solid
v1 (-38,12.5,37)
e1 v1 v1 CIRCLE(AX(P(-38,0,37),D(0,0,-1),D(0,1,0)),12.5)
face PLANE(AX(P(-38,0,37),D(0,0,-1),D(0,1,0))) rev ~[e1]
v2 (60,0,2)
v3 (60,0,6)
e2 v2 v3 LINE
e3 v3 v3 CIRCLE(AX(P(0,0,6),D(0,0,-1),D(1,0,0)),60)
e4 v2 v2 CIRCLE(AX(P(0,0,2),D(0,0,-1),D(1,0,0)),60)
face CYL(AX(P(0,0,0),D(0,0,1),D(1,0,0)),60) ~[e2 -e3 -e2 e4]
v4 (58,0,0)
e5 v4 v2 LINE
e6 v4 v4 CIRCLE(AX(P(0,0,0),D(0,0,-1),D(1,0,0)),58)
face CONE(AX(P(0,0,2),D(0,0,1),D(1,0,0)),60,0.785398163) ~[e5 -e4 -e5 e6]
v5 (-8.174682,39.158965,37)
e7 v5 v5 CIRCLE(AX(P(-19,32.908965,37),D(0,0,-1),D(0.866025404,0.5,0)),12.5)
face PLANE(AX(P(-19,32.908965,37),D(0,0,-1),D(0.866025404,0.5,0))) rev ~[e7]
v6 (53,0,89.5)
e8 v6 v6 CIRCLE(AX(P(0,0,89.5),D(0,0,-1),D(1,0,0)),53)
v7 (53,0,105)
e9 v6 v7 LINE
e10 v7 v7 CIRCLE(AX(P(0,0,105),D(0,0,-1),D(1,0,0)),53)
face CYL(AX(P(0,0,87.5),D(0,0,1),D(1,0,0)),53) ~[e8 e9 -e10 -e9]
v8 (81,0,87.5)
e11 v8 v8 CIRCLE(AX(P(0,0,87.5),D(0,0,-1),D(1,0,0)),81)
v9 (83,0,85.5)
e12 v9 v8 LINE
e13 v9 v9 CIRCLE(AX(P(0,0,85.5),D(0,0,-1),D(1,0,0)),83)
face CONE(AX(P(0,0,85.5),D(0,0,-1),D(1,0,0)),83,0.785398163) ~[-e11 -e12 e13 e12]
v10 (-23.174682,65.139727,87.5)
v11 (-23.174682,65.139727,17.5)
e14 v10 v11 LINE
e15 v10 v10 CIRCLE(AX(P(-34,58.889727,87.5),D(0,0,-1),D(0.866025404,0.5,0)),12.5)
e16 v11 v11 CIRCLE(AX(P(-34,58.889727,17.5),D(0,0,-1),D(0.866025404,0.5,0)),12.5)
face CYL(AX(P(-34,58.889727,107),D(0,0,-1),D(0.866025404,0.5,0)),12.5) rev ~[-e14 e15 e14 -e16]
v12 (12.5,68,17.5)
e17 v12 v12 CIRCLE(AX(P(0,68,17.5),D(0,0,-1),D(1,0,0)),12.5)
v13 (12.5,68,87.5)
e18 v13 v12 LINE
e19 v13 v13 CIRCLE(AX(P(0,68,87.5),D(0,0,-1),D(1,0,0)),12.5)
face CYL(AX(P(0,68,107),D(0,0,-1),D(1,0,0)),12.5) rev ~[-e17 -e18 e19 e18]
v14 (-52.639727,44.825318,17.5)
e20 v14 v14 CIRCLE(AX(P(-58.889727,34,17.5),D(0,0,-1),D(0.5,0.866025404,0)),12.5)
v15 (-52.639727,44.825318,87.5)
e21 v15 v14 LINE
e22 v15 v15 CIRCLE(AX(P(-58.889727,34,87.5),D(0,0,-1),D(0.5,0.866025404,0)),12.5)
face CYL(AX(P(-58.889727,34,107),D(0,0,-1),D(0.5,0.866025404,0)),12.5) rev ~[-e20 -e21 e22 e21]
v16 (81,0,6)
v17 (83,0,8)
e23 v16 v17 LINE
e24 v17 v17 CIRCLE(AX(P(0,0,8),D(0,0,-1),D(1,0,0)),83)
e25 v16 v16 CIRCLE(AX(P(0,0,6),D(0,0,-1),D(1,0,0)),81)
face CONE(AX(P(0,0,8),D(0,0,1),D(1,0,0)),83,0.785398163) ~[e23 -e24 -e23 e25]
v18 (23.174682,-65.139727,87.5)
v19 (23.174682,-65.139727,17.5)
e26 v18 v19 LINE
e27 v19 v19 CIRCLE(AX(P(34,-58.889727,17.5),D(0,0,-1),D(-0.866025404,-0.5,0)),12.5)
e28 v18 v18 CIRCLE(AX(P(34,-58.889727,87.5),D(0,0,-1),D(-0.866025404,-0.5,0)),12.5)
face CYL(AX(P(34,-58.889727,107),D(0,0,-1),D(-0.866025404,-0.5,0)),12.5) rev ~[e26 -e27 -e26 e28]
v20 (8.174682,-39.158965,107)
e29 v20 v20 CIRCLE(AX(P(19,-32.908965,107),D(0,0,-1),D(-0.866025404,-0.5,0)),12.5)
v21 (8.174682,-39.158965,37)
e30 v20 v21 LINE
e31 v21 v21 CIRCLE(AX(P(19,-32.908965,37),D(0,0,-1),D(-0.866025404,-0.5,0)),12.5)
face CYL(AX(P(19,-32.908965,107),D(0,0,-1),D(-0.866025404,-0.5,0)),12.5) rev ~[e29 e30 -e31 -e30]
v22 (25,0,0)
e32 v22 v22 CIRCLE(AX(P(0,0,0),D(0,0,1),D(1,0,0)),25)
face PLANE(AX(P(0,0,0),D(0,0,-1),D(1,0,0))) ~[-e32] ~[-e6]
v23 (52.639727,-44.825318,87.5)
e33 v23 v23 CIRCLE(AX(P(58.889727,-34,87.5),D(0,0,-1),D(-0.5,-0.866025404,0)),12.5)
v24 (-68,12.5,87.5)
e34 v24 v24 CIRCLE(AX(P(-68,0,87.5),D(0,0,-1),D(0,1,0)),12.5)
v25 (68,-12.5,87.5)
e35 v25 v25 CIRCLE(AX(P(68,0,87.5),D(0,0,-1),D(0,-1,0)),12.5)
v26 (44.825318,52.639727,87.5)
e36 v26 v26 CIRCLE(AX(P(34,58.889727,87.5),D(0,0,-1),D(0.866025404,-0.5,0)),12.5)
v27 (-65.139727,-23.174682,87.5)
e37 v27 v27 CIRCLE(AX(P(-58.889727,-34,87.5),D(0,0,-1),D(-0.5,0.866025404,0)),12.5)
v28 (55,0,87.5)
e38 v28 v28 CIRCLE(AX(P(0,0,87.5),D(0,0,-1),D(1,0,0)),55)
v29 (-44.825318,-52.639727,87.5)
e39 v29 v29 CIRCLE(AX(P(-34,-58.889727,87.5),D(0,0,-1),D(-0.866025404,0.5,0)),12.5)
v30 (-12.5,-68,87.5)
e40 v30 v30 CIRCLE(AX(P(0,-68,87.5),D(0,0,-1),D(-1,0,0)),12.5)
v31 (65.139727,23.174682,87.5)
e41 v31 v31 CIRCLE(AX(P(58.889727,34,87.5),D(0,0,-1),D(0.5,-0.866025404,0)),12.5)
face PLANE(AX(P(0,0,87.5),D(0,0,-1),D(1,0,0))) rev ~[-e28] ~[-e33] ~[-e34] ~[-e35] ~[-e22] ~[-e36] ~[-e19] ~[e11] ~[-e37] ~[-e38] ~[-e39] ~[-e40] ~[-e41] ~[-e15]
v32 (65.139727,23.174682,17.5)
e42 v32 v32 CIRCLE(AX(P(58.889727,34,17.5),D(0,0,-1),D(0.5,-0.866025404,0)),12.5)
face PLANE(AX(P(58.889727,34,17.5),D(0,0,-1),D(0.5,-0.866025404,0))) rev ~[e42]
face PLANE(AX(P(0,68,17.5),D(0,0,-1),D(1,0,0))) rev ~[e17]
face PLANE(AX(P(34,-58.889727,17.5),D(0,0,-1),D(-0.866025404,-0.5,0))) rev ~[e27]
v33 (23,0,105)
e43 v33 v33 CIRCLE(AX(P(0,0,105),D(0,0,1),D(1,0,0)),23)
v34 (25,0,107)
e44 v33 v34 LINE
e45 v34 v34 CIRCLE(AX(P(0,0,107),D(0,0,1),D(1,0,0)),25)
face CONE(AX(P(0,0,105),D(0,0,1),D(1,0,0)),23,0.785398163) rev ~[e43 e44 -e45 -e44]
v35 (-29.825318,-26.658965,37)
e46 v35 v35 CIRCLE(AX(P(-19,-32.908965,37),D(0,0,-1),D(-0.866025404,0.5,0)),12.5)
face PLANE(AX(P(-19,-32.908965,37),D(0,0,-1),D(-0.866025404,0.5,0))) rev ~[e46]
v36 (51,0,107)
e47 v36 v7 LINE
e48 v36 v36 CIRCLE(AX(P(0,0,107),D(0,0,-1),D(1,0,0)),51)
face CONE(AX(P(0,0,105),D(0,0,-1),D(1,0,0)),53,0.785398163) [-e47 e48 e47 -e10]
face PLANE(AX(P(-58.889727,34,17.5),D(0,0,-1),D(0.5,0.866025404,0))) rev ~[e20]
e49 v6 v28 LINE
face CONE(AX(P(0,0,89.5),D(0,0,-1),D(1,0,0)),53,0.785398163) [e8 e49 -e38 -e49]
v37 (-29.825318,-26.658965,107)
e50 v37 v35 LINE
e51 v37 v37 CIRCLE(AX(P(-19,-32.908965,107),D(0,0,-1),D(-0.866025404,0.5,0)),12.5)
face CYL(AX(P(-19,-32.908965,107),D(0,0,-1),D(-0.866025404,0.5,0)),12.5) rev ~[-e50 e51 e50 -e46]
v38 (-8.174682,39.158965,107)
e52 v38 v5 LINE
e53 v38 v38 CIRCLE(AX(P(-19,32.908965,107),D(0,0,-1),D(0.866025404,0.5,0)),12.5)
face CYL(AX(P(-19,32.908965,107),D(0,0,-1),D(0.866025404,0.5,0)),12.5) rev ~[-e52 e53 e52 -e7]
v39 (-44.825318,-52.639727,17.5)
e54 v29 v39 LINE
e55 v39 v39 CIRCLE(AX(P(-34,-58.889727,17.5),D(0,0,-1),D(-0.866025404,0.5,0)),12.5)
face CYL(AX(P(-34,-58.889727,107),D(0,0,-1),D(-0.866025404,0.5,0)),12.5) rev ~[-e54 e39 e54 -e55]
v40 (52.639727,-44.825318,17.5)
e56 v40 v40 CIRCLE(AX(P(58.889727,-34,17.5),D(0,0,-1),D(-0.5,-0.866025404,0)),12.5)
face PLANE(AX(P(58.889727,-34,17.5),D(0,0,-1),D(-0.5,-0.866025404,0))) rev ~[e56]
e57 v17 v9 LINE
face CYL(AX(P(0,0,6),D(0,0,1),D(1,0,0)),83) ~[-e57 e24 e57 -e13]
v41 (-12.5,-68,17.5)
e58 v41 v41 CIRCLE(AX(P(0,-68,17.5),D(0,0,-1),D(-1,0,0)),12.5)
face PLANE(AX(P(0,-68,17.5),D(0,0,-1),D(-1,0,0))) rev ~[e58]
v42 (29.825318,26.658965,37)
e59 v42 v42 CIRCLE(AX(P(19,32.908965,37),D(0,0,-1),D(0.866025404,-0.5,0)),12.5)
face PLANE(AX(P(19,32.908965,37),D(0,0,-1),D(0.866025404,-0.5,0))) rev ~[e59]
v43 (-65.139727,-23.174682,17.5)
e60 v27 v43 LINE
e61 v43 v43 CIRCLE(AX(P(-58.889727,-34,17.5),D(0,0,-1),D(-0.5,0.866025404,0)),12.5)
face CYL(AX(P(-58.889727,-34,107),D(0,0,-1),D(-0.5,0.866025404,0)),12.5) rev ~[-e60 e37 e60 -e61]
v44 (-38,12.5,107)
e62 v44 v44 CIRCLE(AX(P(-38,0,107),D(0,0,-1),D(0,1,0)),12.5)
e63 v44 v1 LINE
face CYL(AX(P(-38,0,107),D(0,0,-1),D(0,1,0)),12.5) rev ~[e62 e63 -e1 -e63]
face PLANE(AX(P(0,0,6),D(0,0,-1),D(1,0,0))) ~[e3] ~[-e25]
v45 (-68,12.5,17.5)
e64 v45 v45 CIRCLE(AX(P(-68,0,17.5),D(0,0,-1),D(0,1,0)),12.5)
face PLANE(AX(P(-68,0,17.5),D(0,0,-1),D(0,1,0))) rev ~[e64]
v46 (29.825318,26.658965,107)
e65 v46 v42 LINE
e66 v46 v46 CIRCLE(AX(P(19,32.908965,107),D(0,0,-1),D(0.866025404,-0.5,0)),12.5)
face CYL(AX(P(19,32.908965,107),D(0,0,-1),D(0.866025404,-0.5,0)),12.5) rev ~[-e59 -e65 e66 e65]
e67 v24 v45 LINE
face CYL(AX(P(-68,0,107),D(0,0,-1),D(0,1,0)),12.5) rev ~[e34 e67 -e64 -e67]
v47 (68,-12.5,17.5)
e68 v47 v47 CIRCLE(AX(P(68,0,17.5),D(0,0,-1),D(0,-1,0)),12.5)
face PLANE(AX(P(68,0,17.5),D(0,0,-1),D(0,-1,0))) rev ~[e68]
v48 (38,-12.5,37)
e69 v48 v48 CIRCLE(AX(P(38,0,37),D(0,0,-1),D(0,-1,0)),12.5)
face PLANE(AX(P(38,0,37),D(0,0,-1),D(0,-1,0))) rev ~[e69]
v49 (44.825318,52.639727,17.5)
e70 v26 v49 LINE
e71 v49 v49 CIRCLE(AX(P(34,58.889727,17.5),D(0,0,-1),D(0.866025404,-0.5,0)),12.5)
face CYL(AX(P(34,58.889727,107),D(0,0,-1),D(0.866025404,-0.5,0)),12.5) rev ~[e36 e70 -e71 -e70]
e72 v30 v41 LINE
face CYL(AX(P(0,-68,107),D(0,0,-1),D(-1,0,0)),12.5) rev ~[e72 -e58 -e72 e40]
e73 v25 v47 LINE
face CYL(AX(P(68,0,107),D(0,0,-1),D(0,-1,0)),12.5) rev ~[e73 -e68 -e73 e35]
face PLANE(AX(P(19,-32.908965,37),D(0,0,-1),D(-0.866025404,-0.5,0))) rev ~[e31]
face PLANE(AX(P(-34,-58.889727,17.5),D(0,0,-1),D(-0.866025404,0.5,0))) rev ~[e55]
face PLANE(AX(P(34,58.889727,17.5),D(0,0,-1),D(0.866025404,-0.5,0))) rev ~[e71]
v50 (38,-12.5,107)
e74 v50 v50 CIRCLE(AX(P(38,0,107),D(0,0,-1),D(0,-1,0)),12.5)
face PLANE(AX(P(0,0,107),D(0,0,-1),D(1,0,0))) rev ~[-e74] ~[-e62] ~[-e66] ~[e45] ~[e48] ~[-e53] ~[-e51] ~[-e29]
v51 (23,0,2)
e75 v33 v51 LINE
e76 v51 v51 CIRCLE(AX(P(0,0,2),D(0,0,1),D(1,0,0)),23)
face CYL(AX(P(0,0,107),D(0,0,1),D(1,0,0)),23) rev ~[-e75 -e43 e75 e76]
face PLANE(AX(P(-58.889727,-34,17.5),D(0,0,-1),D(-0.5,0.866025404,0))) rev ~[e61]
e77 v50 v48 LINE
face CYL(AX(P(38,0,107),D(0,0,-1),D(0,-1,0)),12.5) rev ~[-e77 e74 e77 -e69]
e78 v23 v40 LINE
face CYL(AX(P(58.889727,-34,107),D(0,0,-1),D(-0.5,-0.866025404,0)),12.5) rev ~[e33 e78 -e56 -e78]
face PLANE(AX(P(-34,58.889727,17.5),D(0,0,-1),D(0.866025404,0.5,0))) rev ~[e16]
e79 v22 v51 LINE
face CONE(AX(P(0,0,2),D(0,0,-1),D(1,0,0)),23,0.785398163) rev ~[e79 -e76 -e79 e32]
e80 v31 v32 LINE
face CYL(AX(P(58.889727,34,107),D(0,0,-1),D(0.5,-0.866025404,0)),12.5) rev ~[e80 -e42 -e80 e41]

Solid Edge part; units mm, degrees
sketch "Sketch1" plane through (0, 0, 0) normal (0, -1, 0) x (1, 0, 0)
  line L0 (0, 0) -> (60, 0)
  line L1 (60, 0) -> (60, 6)
  line L2 (60, 6) -> (83, 6)
  line L3 (83, 6) -> (83, 87.5)
  line L4 (83, 87.5) -> (53, 87.5)
  line L5 (53, 87.5) -> (53, 107)
  line L6 (53, 107) -> (0, 107)
  dimension "D1" = 6
  dimension "D2" = 107
  dimension "D3" = 19.5
revolve "RevolvedProtrusion1" add sketch "Sketch1" angle 360 about axis through (0, 0, 121.1743) along (0, 0, -1)
hole "Hole_1" at (38, 0, 107) direction (0, 0, -1) diameter 25 depth 70
hole "Hole_2" at (68, 0, 107) direction (0, 0, -1) diameter 25 depth 89.5
pattern_circular "Pattern1" count 6 over 360 about axis through (0, 0, 107) along (0, 0, -1) of "Hole_1"
pattern_circular "Pattern3" count 12 over 360 about axis through (0, 0, 107) along (0, 0, -1) of "Hole_2"
sketch "Sketch2" plane through (0, 0, 107) normal (0, 0, 1) x (1, 0, 0)
  circle A0 centre (0, 0) radius 23
extrude "Cutout1" cut sketch "Sketch2" against normal through all
chamfer "Chamfer_1" distance 2 angle 45 7 edges at (-53, 0, 107) (-23, 0, 107) (-83, 0, 87.5) (-53, 0, 87.5) (-83, 0, 6) (-60, 0, 0) (-23, 0, 0)
properties material "Alluminio, 1060"
